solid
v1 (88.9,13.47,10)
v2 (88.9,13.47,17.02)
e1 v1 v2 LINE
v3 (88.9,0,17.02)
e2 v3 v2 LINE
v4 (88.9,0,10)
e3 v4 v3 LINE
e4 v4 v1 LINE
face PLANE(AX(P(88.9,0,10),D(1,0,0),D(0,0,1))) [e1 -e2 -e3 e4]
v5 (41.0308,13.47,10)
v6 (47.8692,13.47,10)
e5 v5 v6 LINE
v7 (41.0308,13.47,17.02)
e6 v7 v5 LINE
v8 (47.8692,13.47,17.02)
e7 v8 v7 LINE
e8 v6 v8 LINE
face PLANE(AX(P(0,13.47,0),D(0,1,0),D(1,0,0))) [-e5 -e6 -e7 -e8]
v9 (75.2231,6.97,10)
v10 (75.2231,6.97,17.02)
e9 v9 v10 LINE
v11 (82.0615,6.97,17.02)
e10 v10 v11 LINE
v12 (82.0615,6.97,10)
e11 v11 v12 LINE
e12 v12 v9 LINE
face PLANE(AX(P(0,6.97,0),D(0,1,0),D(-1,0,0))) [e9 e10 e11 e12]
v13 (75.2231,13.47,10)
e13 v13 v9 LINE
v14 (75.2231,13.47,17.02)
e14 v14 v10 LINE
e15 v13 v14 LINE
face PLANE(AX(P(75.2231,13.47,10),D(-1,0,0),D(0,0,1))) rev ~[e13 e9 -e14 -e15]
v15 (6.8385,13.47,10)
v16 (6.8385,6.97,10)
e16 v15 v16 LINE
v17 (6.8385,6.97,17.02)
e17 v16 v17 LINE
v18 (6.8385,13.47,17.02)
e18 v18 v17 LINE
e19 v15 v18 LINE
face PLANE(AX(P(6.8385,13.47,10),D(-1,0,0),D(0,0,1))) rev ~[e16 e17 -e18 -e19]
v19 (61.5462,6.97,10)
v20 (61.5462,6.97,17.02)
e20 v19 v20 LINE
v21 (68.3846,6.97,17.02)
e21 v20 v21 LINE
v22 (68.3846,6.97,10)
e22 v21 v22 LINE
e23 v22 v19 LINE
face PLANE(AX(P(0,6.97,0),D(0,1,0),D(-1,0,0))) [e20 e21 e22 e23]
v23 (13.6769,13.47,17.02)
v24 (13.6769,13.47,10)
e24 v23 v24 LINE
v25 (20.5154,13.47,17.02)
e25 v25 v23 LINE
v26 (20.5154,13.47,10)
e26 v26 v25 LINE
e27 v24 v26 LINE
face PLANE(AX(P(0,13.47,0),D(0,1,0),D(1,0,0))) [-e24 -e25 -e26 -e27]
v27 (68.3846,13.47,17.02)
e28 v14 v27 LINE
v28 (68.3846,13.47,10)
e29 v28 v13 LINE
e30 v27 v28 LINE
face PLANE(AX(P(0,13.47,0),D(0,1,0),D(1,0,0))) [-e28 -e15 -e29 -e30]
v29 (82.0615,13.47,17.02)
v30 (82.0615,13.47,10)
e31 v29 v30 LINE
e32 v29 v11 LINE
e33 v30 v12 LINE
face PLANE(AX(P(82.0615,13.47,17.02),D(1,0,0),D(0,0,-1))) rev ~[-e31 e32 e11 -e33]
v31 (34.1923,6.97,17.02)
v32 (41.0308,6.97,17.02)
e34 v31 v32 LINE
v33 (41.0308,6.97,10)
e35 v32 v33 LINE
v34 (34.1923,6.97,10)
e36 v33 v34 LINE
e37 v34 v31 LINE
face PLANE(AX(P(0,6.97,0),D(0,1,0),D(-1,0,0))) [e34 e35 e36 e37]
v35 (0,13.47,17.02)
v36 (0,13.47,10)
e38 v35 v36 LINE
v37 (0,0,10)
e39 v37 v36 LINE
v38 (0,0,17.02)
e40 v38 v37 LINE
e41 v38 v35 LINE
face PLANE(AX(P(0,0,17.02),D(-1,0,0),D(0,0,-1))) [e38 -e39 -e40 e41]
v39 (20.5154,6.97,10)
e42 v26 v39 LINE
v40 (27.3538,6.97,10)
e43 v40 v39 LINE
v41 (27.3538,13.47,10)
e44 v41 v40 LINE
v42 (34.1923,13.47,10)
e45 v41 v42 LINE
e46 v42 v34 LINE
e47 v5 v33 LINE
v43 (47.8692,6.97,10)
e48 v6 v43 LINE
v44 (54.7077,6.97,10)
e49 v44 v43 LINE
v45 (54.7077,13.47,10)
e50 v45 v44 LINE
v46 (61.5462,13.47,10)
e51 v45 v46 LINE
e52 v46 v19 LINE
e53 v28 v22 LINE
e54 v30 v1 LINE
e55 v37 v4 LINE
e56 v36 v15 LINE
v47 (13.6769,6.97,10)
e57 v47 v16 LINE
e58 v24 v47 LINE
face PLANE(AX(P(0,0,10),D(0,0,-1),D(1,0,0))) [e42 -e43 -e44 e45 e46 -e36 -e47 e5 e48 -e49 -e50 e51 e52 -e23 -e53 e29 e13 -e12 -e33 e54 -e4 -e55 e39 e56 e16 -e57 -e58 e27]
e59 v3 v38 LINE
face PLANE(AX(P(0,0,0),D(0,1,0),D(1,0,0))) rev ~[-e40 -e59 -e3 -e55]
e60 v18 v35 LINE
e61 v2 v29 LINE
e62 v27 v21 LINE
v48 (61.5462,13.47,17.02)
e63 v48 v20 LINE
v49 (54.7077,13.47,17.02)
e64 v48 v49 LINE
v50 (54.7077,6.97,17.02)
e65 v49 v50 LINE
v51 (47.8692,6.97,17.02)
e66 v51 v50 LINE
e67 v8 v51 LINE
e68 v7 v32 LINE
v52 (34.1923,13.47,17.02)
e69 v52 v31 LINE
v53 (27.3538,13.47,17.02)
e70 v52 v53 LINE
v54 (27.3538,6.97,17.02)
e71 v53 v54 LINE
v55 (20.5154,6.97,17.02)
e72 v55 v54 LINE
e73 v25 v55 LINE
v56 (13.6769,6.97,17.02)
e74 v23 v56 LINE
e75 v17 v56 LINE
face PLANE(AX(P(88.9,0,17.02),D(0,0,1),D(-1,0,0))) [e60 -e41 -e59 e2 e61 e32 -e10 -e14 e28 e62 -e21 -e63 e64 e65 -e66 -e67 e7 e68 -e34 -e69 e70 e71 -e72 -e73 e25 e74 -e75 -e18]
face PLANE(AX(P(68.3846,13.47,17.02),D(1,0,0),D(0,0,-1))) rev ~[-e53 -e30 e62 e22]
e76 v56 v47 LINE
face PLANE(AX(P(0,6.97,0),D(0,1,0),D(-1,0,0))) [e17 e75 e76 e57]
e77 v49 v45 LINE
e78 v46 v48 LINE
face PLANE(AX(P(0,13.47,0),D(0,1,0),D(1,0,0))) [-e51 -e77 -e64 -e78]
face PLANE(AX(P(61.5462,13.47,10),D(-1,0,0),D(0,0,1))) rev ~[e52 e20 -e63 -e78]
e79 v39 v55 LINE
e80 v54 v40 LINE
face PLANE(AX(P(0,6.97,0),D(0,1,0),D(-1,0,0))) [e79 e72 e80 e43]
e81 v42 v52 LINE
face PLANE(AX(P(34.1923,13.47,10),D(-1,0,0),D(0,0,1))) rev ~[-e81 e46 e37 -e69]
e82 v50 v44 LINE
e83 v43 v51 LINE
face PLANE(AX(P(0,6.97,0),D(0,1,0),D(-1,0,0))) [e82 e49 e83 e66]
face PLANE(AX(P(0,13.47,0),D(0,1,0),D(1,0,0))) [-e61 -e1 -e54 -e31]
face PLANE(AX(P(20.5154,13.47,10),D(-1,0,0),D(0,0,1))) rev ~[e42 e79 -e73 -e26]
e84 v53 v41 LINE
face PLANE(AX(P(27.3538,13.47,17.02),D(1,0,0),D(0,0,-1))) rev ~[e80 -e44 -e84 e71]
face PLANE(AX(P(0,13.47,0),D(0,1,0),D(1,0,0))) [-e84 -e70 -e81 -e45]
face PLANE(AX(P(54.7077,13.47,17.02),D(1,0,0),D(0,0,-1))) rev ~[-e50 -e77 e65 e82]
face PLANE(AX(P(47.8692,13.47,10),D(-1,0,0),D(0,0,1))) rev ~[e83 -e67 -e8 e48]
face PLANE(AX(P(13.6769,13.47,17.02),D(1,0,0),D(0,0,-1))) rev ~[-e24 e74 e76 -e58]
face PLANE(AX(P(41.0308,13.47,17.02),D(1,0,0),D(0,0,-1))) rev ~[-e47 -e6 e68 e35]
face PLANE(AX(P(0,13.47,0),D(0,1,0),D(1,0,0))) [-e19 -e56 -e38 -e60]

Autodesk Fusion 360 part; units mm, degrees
sketch "Sketch1" plane through (0, 0, 0) normal (0, 1, 0) x (1, 0, 0)
  line L0 (0, 0) -> (88, 0)
  line L1 (88, 0) -> (88, 8.2)
  line L2 (88, 8.2) -> (0, 8.2)
  line L3 (0, 8.2) -> (0, 0)
  dimension "d1" = 88
  dimension "d2" = 8.2
sketch "Sketch2" plane through (0, 12.75, 0) normal (0, 1, 0) x (-1, 0, 0)
  line L0 (0, -8.2) -> (0, 0)
  line L1 (0, 0) -> (-88, 0)
  line L2 (-88, 0) -> (-88, -8.2)
  line L3 (-88, -8.2) -> (0, -8.2)
  line L4 (0, 0) -> (-6.77, 0)
  line L5 (-6.77, 0) -> (-6.77, -8.2)
  line L6 (-6.77, -8.2) -> (0, -8.2)
  line L7 (0, -8.2) -> (0, 0)
  line L8 (-6.77, -8.2) -> (-13.54, -8.2)
  line L9 (-13.54, -8.2) -> (-13.54, 0)
  line L10 (-13.54, 0) -> (-6.77, 0)
  line L11 (-6.77, 0) -> (-6.77, -8.2)
  dimension "d5" = 6.77
  dimension "d6" = 6.77
sketch "Sketch3" plane through (0, 12.75, 0) normal (0, 1, 0) x (-1, 0, 0)
  line L0 (-13.54, -8.2) -> (-13.54, 0)
  line L1 (-13.54, 0) -> (-88, 0)
  line L2 (-88, 0) -> (-88, -8.2)
  line L3 (-88, -8.2) -> (-13.54, -8.2)
  line L4 (-13.54, 0) -> (-20.31, 0)
  line L5 (-20.31, 0) -> (-20.31, -8.2)
  line L6 (-20.31, -8.2) -> (-13.54, -8.2)
  line L7 (-13.54, -8.2) -> (-13.54, 0)
  line L8 (-20.31, -8.2) -> (-27.08, -8.2)
  line L9 (-27.08, -8.2) -> (-27.08, 0)
  line L10 (-27.08, 0) -> (-20.31, 0)
  line L11 (-20.31, 0) -> (-20.31, -8.2)
  dimension "d9" = 6.77
  dimension "d10" = 6.77
sketch "Sketch4" plane through (0, 12.75, 0) normal (0, 1, 0) x (-1, 0, 0)
  line L0 (-27.08, -8.2) -> (-27.08, 0)
  line L1 (-27.08, 0) -> (-88, 0)
  line L2 (-88, 0) -> (-88, -8.2)
  line L3 (-88, -8.2) -> (-27.08, -8.2)
  line L4 (-27.08, 0) -> (-33.85, 0)
  line L5 (-33.85, 0) -> (-33.85, -8.2)
  line L6 (-33.85, -8.2) -> (-27.08, -8.2)
  line L7 (-27.08, -8.2) -> (-27.08, 0)
  line L8 (-33.85, -8.2) -> (-40.62, -8.2)
  line L9 (-40.62, -8.2) -> (-40.62, 0)
  line L10 (-40.62, 0) -> (-33.85, 0)
  line L11 (-33.85, 0) -> (-33.85, -8.2)
  dimension "d13" = 6.77
  dimension "d14" = 6.77
sketch "Sketch5" plane through (0, 12.75, 0) normal (0, 1, 0) x (-1, 0, 0)
  line L0 (-40.62, -8.2) -> (-40.62, 0)
  line L1 (-40.62, 0) -> (-88, 0)
  line L2 (-88, 0) -> (-88, -8.2)
  line L3 (-88, -8.2) -> (-40.62, -8.2)
  line L4 (-40.62, 0) -> (-47.39, 0)
  line L5 (-47.39, 0) -> (-47.39, -8.2)
  line L6 (-47.39, -8.2) -> (-40.62, -8.2)
  line L7 (-40.62, -8.2) -> (-40.62, 0)
  line L8 (-47.39, -8.2) -> (-54.16, -8.2)
  line L9 (-54.16, -8.2) -> (-54.16, 0)
  line L10 (-54.16, 0) -> (-47.39, 0)
  line L11 (-47.39, 0) -> (-47.39, -8.2)
  dimension "d17" = 6.77
  dimension "d18" = 6.77
sketch "Sketch6" plane through (0, 12.75, 0) normal (0, 1, 0) x (-1, 0, 0)
  line L0 (-54.16, -8.2) -> (-54.16, 0)
  line L1 (-54.16, 0) -> (-88, 0)
  line L2 (-88, 0) -> (-88, -8.2)
  line L3 (-88, -8.2) -> (-54.16, -8.2)
  line L4 (-54.16, 0) -> (-60.93, 0)
  line L5 (-60.93, 0) -> (-60.93, -8.2)
  line L6 (-60.93, -8.2) -> (-54.16, -8.2)
  line L7 (-54.16, -8.2) -> (-54.16, 0)
  line L8 (-60.93, 0) -> (-67.7, 0)
  line L9 (-67.7, 0) -> (-67.7, -8.2)
  line L10 (-67.7, -8.2) -> (-60.93, -8.2)
  line L11 (-60.93, -8.2) -> (-60.93, 0)
  dimension "d21" = 6.77
  dimension "d22" = 6.77
sketch "Sketch7" plane through (0, 12.75, 0) normal (0, 1, 0) x (-1, 0, 0)
  line L0 (-67.7, -8.2) -> (-67.7, 0)
  line L1 (-67.7, 0) -> (-88, 0)
  line L2 (-88, 0) -> (-88, -8.2)
  line L3 (-88, -8.2) -> (-67.7, -8.2)
  line L4 (-67.7, 0) -> (-74.47, 0)
  line L5 (-74.47, 0) -> (-74.47, -8.2)
  line L6 (-74.47, -8.2) -> (-67.7, -8.2)
  line L7 (-67.7, -8.2) -> (-67.7, 0)
  line L8 (-74.47, -8.2) -> (-81.24, -8.2)
  line L9 (-81.24, -8.2) -> (-81.24, 0)
  line L10 (-81.24, 0) -> (-74.47, 0)
  line L11 (-74.47, 0) -> (-74.47, -8.2)
  dimension "d25" = 6.77
  dimension "d26" = 6.77
sketch "Sketch8" plane through (0, 0, 0) normal (0, 1, 0) x (1, 0, 0)
sketch "Sketch9" plane through (0, 0, 0) normal (0, 1, 0) x (1, 0, 0)
  line L0 (0, -10) -> (88.9, -10)
  line L1 (88.9, -10) -> (88.9, -17.02)
  line L2 (88.9, -17.02) -> (0, -17.02)
  line L3 (0, -17.02) -> (0, -10)
  dimension "d32" = 88.9
  dimension "d33" = 7.02
extrude "Extrude9" add sketch "Sketch9" along normal blind 13.47
sketch "Sketch10" plane through (0, 13.47, 0) normal (0, 1, 0) x (-1, 0, 0)
  line L0 (0, 17.02) -> (-88.9, 17.02)
  line L1 (-88.9, 17.02) -> (-88.9, 10)
  line L2 (-88.9, 10) -> (0, 10)
  line L3 (0, 10) -> (0, 17.02)
  line L4 (-6.8385, 17.02) -> (-13.6769, 17.02)
  line L5 (-13.6769, 17.02) -> (-13.6769, 10)
  line L6 (-13.6769, 10) -> (-6.8385, 10)
  line L7 (-6.8385, 10) -> (-6.8385, 17.02)
  line L8 (-20.5154, 17.02) -> (-27.3538, 17.02)
  line L9 (-27.3538, 17.02) -> (-27.3538, 10)
  line L10 (-27.3538, 10) -> (-20.5154, 10)
  line L11 (-20.5154, 10) -> (-20.5154, 17.02)
  line L12 (-34.1923, 17.02) -> (-41.0308, 17.02)
  line L13 (-41.0308, 17.02) -> (-41.0308, 10)
  line L14 (-41.0308, 10) -> (-34.1923, 10)
  line L15 (-34.1923, 10) -> (-34.1923, 17.02)
  line L16 (-47.8692, 17.02) -> (-54.7077, 17.02)
  line L17 (-54.7077, 17.02) -> (-54.7077, 10)
  line L18 (-54.7077, 10) -> (-47.8692, 10)
  line L19 (-47.8692, 10) -> (-47.8692, 17.02)
  line L20 (-61.5462, 17.02) -> (-68.3846, 17.02)
  line L21 (-68.3846, 17.02) -> (-68.3846, 10)
  line L22 (-68.3846, 10) -> (-61.5462, 10)
  line L23 (-61.5462, 10) -> (-61.5462, 17.02)
  line L24 (-75.2231, 17.02) -> (-82.0615, 17.02)
  line L25 (-82.0615, 17.02) -> (-82.0615, 10)
  line L26 (-82.0615, 10) -> (-75.2231, 10)
  line L27 (-75.2231, 10) -> (-75.2231, 17.02)
  point P0 (0, 17.02)
  point P1 (-6.8385, 17.02)
  point P2 (-13.6769, 17.02)
  point P3 (-20.5154, 17.02)
  point P4 (-27.3538, 17.02)
  point P5 (-34.1923, 17.02)
  point P6 (-41.0308, 17.02)
  point P7 (-47.8692, 17.02)
  point P8 (-54.7077, 17.02)
  point P9 (-61.5462, 17.02)
  point P10 (-68.3846, 17.02)
  point P11 (-75.2231, 17.02)
  point P12 (-82.0615, 17.02)
  point P13 (-88.9, 17.02)
  dimension "d38" = 88.9
  dimension "d39" = 0
  dimension "d40" = 6.8385
  dimension "d43" = 6.8385
  dimension "d46" = 6.8385
  dimension "d47" = 6.8385
  dimension "d48" = 6.8385
  dimension "d49" = 7.02
  dimension "d50" = 6.8385
extrude "Extrude12" cut sketch "Sketch10" against normal blind 6.5 contours L0 L2 L4 L5 L6 L7
extrude "Extrude11" cut sketch "Sketch10" against normal blind 6.5 contours L0 L2 L4 L5 L6 L7
extrude "Extrude10" cut sketch "Sketch10" against normal blind 6.5 contours L0 L2 L4 L5 L6 L7
extrude "Extrude13" cut sketch "Sketch10" against normal blind 6.5 contours L0 L2 L8 L9 L10 L11
extrude "Extrude14" cut sketch "Sketch10" against normal blind 6.5 contours L0 L2 L12 L13 L14 L15
extrude "Extrude15" cut sketch "Sketch10" against normal blind 6.5 contours L0 L2 L16 L17 L18 L19
extrude "Extrude16" cut sketch "Sketch10" against normal blind 6.5 contours L0 L2 L20 L21 L22 L23
extrude "Extrude17" cut sketch "Sketch10" against normal blind 6.5 contours L0 L2 L24 L25 L26 L27
